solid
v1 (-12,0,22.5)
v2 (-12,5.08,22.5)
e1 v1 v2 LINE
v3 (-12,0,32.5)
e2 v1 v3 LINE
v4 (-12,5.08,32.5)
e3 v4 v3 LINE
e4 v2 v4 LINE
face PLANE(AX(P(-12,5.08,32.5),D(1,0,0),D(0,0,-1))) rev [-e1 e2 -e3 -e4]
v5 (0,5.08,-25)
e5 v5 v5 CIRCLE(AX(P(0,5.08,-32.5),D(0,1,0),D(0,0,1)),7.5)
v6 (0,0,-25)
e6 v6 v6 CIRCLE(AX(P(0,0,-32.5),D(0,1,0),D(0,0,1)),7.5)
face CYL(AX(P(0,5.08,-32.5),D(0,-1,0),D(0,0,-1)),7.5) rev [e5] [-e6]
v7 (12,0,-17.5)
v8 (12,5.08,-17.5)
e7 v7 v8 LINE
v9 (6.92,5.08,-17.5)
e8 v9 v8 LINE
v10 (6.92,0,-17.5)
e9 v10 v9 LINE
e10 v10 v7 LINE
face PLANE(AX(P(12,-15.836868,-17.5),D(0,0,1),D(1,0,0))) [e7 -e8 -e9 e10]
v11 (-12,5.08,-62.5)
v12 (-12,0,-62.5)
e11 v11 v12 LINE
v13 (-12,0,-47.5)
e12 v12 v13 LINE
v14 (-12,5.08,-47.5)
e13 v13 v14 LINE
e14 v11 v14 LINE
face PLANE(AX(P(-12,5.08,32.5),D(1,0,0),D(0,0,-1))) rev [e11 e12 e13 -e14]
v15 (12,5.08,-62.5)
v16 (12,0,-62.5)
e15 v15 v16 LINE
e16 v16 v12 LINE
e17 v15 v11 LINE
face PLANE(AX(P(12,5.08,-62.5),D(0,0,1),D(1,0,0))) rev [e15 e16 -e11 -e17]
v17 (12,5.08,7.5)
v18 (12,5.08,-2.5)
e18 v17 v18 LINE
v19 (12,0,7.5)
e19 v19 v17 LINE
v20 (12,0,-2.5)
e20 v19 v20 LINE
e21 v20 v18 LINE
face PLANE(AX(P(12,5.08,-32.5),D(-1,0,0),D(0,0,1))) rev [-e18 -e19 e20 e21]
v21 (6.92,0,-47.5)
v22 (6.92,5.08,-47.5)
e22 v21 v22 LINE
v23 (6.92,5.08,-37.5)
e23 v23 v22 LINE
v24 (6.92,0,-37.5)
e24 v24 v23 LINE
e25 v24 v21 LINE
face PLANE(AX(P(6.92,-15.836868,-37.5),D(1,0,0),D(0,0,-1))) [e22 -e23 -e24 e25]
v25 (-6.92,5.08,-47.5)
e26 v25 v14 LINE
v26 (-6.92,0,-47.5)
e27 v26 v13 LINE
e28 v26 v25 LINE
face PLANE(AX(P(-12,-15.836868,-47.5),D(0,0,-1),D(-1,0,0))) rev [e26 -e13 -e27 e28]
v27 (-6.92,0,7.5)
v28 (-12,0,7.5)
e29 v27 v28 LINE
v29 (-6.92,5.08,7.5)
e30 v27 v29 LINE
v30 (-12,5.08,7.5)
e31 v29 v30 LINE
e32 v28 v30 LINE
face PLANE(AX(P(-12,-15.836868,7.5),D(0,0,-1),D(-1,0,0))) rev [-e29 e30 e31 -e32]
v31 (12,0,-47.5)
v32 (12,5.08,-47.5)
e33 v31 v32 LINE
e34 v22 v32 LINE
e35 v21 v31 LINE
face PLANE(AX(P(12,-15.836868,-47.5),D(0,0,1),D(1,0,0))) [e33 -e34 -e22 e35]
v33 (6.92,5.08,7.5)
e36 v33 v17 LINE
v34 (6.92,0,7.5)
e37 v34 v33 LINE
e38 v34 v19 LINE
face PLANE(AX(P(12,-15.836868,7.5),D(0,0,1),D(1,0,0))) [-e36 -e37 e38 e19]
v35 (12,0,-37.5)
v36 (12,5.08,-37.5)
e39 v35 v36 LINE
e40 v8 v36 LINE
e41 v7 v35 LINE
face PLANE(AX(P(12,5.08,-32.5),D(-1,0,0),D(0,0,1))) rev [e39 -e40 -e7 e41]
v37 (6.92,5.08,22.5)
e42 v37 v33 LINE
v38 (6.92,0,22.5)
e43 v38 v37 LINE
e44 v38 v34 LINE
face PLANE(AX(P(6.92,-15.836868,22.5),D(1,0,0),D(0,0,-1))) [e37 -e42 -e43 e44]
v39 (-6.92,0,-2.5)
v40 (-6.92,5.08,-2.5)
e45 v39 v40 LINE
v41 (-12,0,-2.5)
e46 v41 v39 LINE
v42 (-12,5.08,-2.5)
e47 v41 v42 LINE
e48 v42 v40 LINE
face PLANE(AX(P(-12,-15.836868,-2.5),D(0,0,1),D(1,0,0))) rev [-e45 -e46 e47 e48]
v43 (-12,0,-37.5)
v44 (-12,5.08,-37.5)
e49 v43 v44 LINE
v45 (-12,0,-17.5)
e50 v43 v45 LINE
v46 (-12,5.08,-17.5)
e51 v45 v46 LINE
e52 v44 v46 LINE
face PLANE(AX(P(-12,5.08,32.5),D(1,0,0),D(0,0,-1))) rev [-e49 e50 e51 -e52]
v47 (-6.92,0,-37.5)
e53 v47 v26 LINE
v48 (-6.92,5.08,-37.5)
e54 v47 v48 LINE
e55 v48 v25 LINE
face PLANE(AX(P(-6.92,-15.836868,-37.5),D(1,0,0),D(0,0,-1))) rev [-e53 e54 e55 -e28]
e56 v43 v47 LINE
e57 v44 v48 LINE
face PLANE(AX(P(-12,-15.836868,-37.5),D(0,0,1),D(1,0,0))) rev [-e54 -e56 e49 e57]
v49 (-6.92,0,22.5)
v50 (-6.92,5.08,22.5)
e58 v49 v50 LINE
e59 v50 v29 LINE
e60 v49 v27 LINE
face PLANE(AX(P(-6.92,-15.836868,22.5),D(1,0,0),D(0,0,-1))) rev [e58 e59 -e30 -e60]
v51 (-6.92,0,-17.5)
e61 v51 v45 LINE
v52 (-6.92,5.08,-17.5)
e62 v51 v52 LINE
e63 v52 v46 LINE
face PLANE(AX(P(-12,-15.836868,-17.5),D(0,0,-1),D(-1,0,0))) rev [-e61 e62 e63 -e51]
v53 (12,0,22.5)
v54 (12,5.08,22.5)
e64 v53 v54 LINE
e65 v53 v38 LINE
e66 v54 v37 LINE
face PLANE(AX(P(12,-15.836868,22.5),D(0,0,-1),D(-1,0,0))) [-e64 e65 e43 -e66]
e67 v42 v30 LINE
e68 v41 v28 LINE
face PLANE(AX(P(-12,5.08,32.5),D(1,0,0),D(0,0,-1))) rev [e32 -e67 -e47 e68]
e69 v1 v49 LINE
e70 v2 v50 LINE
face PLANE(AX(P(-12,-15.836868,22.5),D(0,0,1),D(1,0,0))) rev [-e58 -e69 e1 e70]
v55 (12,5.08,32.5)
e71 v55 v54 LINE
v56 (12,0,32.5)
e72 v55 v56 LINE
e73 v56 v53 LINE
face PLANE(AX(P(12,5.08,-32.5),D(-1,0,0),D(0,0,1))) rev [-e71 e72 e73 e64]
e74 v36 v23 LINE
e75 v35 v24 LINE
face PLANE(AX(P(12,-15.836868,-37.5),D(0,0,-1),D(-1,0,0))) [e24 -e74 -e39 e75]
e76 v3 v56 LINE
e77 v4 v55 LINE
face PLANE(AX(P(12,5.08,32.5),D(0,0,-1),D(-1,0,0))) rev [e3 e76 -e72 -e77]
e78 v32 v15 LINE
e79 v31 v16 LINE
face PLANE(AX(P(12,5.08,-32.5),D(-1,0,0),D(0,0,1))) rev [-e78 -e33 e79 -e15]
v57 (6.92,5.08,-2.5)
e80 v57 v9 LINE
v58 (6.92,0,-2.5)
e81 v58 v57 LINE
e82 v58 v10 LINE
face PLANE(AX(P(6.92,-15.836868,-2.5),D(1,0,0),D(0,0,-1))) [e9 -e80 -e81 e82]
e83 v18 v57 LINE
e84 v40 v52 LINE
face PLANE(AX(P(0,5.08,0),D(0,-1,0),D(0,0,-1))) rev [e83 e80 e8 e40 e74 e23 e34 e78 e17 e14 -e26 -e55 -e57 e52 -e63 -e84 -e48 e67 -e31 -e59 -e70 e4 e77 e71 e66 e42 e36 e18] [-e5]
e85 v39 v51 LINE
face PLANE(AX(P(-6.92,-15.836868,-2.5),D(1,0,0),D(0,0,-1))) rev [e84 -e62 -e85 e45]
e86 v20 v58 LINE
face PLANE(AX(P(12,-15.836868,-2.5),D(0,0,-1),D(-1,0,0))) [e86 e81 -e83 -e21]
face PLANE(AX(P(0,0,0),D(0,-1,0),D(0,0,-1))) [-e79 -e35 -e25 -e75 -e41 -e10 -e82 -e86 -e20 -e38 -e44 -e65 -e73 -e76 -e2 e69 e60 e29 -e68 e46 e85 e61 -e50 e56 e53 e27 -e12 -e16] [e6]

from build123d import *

# Parameters (mm, degrees)
SKETCH1_R           = 7.5
BOSS_EXTRUDE1_DEPTH = 5.08
SKETCH2_W           = 5.08
SKETCH2_H           = 10
SKETCH2_H_2         = 15
CUT_EXTRUDE1_DEPTH  = 5.08


with BuildPart() as part:
    # Sketch1 → Boss-Extrude1 (new body)
    with BuildSketch(Plane(origin=(0, 0, 0), x_dir=(1, 0, 0), z_dir=(0, 1, 0))):
        Polygon((12, -32.5), (-12, -32.5), (-12, 32.5), (-12, 62.5), (12, 62.5), (12, 32.5), align=None)
        with Locations((0, 32.5)):
            Circle(SKETCH1_R, mode=Mode.SUBTRACT)
    extrude(amount=BOSS_EXTRUDE1_DEPTH)

    # Sketch2 → Cut-Extrude1 (cut)
    with BuildSketch(Plane(origin=(0, 5.08, 0), x_dir=(1, 0, 0), z_dir=(0, 1, 0))):
        with Locations((-9.46, 42.5)):
            Rectangle(SKETCH2_W, SKETCH2_H)
        with Locations((-9.46, -15)):
            Rectangle(SKETCH2_W, SKETCH2_H_2)
        with Locations((-9.46, 10)):
            Rectangle(SKETCH2_W, SKETCH2_H_2)
    cut_extrude1 = extrude(amount=-CUT_EXTRUDE1_DEPTH, mode=Mode.SUBTRACT)

    # Mirror2: Cut-Extrude1 across plane
    add(cut_extrude1.mirror(Plane(origin=(0, 0, 0), x_dir=(0, 0, 1), z_dir=(1, 0, 0))), mode=Mode.SUBTRACT)


solid = part.part
